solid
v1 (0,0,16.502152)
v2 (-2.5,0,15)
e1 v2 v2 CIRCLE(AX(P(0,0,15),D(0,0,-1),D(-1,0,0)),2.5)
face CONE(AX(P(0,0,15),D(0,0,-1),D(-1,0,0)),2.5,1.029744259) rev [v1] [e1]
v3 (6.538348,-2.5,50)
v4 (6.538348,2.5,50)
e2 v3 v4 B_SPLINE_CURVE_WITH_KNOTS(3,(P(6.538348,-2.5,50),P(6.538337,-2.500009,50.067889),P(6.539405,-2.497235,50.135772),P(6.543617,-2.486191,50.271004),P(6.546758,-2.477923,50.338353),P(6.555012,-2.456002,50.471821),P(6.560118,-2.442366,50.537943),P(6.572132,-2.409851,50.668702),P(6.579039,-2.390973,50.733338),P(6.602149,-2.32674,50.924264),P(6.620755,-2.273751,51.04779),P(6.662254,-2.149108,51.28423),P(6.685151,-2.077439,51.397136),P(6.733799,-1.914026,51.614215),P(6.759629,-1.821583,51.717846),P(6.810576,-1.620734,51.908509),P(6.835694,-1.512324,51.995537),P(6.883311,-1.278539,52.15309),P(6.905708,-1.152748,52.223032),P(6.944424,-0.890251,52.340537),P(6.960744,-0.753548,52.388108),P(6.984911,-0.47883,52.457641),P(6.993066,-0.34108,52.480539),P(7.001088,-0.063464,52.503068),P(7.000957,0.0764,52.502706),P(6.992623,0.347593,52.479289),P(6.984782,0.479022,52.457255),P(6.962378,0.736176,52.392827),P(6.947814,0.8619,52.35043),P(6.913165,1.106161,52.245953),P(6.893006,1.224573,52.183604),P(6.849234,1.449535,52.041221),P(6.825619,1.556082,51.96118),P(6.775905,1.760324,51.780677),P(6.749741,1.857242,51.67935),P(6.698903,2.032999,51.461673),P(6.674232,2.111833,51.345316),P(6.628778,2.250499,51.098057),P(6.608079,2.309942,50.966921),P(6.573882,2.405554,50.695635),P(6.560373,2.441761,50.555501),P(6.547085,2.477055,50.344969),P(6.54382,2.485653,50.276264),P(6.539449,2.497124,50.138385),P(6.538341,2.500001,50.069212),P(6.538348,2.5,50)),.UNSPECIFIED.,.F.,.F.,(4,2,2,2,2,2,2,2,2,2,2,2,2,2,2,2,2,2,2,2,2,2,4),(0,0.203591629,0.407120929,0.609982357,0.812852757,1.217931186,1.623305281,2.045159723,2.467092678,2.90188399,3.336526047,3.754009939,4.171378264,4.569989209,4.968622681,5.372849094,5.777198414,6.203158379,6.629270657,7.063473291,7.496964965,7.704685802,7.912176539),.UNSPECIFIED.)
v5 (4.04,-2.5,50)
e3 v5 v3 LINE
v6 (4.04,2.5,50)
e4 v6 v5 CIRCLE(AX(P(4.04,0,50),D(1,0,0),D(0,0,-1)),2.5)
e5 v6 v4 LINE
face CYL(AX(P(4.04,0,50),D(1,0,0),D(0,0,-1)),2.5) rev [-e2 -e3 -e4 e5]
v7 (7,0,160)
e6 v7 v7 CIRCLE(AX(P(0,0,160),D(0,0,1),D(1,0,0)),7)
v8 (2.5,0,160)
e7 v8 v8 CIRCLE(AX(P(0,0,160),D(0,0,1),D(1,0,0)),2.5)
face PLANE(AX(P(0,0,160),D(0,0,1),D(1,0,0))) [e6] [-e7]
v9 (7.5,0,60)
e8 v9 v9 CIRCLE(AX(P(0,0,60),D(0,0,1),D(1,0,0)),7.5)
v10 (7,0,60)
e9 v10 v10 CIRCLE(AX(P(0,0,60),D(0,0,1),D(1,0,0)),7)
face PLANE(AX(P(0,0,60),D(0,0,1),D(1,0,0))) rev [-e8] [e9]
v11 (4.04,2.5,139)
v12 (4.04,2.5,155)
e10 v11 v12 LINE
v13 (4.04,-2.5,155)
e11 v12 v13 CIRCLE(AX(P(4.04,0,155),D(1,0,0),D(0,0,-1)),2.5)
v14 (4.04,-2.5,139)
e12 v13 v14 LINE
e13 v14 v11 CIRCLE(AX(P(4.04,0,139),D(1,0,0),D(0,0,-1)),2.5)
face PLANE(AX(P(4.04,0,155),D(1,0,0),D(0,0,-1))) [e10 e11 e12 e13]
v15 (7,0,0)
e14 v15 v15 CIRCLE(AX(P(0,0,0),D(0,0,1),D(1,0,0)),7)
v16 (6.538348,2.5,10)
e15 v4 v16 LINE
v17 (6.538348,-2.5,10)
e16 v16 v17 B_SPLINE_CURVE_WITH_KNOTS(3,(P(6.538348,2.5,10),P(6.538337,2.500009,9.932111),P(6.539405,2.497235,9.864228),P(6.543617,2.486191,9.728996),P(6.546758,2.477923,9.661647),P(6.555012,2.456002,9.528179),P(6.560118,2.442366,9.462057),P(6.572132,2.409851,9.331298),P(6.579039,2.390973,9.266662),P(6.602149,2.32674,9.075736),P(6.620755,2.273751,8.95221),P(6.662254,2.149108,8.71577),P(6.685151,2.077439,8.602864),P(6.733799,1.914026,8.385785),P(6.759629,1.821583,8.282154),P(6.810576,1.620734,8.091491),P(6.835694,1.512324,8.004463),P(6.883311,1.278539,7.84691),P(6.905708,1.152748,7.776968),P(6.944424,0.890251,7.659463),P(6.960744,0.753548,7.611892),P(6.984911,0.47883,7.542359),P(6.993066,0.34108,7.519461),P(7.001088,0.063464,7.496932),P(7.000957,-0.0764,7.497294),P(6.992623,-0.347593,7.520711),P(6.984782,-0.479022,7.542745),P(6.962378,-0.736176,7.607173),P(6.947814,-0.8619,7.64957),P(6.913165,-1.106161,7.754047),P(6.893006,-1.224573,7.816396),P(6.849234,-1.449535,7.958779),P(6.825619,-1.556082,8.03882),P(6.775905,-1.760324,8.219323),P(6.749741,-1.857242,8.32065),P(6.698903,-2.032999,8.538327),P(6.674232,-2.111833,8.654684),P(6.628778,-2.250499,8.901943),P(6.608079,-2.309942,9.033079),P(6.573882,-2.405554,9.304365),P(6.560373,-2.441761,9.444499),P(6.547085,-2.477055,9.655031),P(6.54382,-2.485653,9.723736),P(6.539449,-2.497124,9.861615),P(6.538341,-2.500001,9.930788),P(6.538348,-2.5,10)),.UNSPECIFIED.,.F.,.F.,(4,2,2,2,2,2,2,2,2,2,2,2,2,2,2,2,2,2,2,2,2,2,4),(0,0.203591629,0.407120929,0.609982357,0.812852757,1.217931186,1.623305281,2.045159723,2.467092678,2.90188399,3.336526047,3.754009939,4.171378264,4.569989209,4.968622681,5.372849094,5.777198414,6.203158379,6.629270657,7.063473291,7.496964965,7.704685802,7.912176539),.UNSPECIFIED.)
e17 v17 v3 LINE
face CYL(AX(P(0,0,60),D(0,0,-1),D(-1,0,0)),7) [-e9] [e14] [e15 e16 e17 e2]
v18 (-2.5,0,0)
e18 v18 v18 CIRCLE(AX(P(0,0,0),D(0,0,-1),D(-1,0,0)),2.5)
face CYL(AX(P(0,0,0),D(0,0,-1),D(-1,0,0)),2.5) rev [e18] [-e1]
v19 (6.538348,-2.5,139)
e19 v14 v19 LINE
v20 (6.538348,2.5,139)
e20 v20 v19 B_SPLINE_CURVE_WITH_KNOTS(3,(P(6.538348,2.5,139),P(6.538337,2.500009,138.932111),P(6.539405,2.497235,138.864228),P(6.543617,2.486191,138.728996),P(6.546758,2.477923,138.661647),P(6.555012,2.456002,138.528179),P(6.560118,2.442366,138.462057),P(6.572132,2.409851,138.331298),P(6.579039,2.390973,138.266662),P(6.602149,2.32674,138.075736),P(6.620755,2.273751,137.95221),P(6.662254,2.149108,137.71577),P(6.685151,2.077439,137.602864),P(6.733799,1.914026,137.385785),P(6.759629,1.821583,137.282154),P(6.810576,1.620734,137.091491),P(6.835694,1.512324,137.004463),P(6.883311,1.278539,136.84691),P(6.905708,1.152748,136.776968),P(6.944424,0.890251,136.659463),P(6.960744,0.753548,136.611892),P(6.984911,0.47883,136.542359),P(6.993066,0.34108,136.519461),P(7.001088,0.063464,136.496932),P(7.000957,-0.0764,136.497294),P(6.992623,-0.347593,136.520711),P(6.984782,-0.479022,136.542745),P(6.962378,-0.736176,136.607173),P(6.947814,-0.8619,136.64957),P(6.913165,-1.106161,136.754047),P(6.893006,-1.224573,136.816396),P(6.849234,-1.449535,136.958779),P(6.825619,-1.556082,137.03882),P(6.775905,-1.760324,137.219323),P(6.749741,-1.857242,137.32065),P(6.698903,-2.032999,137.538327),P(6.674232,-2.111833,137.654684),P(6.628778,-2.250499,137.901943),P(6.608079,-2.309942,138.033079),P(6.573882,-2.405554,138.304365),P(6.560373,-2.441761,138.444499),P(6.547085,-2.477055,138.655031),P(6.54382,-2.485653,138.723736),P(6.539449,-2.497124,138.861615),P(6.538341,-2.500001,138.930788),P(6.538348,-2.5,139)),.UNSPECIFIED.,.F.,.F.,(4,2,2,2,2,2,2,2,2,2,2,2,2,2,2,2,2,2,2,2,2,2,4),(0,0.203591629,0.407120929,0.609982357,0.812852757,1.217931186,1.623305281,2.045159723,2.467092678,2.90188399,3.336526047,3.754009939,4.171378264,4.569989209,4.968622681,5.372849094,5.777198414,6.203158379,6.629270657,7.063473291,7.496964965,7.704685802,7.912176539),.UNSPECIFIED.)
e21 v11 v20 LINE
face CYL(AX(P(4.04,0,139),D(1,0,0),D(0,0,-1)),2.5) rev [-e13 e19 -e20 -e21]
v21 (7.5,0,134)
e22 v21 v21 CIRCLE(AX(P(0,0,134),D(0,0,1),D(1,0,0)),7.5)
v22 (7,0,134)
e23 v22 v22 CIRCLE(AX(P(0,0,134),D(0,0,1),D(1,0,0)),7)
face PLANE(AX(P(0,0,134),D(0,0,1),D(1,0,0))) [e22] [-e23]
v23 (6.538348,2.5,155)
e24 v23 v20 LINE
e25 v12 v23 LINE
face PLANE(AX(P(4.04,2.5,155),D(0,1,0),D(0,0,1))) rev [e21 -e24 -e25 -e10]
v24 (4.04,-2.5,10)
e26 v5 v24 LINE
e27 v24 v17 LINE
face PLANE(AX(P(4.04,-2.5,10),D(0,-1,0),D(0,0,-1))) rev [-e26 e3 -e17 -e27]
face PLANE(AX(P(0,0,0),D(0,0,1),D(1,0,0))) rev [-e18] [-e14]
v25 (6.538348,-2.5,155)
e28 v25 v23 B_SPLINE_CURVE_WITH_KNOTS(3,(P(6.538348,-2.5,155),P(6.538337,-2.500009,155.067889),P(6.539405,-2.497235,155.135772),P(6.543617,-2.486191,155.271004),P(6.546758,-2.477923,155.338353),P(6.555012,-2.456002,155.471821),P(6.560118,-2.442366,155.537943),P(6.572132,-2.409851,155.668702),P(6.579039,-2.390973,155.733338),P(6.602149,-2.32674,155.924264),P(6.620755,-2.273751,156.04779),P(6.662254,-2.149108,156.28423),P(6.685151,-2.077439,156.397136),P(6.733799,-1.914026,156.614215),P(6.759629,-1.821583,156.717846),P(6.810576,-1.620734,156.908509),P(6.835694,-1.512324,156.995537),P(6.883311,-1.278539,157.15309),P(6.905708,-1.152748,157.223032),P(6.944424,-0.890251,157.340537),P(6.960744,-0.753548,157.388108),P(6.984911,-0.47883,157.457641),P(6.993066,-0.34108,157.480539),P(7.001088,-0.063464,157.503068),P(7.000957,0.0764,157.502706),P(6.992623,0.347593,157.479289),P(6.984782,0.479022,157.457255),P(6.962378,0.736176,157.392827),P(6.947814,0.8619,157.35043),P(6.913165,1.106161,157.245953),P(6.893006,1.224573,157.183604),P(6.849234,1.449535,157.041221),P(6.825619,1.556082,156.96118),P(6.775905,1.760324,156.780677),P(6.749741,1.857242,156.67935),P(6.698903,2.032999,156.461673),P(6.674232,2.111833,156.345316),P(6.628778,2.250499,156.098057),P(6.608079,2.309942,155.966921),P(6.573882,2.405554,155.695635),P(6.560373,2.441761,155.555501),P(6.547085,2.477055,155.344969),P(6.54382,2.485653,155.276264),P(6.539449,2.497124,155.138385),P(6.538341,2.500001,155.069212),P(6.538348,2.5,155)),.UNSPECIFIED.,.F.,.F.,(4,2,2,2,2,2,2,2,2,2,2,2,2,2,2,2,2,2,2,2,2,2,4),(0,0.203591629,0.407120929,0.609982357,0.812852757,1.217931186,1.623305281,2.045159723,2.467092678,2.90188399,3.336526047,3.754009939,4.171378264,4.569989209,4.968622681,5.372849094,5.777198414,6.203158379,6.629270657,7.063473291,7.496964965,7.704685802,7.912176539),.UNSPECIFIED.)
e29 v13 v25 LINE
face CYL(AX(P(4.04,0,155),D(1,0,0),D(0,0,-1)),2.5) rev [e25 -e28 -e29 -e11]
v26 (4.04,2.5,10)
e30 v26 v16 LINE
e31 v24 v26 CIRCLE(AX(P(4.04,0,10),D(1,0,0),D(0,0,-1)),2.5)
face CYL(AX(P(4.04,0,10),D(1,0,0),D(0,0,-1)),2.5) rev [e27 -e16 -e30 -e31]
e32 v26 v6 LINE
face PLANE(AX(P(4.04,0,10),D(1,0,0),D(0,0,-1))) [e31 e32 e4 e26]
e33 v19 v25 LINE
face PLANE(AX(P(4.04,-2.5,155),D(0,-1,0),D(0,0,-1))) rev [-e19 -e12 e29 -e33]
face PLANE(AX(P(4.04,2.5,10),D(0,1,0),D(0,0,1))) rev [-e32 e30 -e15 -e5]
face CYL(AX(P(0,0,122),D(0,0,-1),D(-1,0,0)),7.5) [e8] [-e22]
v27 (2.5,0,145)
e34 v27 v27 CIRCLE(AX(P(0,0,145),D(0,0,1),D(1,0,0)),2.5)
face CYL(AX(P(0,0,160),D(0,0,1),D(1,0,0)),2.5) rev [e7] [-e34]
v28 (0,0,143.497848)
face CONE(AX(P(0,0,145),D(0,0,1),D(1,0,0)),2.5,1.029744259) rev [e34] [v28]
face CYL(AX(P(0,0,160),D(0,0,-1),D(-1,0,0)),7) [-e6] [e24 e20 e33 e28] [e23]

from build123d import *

# Parameters (mm, degrees)
ESQUISSE1_R                                   = 7
BOSS_EXTRU_1_DEPTH                            = 60
ESQUISSE3_R                                   = 7.5
BOSS_EXTRU_2_DEPTH                            = 62
ESQUISSE4_R                                   = 7.5
BOSS_EXTRU_3_DEPTH                            = 12
ESQUISSE5_R                                   = 7
BOSS_EXTRU_4_DEPTH                            = 26
ENL_V_MAT_EXTRU_1_DEPTH                       = 2.96
ENL_V_MAT_EXTRU_2_DEPTH                       = 2.96
TROU_POUR_TARAUDAGE_POUR_TROU_TARAUD_M6_D     = 5
TROU_POUR_TARAUDAGE_POUR_TROU_TARAUD_M6_DEPTH = 15
TROU_POUR_TARAUDAGE_POUR_TROU_TARAUD_M6_TIP   = 1.502151548
TROU_POUR_TARAUDAGE_POUR_TROU_TARAUD_2_D      = 5
TROU_POUR_TARAUDAGE_POUR_TROU_TARAUD_2_DEPTH  = 15
TROU_POUR_TARAUDAGE_POUR_TROU_TARAUD_2_TIP    = 1.502151548


with BuildPart() as part:
    # Esquisse1 → Boss.-Extru.1 (new body)
    with BuildSketch(Plane.XY):
        Circle(ESQUISSE1_R)
    extrude(amount=BOSS_EXTRU_1_DEPTH)

    # Esquisse3 → Boss.-Extru.2 (add)
    with BuildSketch(Plane.XY.offset(60)):
        Circle(ESQUISSE3_R)
    extrude(amount=BOSS_EXTRU_2_DEPTH)

    # Esquisse4 → Boss.-Extru.3 (add)
    with BuildSketch(Plane.XY.offset(122)):
        Circle(ESQUISSE4_R)
    extrude(amount=BOSS_EXTRU_3_DEPTH)

    # Esquisse5 → Boss.-Extru.4 (add)
    with BuildSketch(Plane.XY.offset(134)):
        Circle(ESQUISSE5_R)
    extrude(amount=BOSS_EXTRU_4_DEPTH)

    # Esquisse7 → Enlèv. mat.-Extru.1 (cut)
    with BuildSketch(Plane(origin=(7, 0, 0), x_dir=(0, 0, -1), z_dir=(1, 0, 0))):
        with BuildLine():
            Line((-155, 2.5), (-139, 2.5))
            ThreePointArc((-139, 2.5), (-136.5, 0), (-139, -2.5))
            Line((-139, -2.5), (-155, -2.5))
            ThreePointArc((-155, -2.5), (-157.5, 0), (-155, 2.5))
        make_face()
    extrude(amount=-ENL_V_MAT_EXTRU_1_DEPTH, mode=Mode.SUBTRACT)

    # Esquisse8 → Enlèv. mat.-Extru.2 (cut)
    with BuildSketch(Plane(origin=(7, 0, 0), x_dir=(0, 0, -1), z_dir=(1, 0, 0))):
        with BuildLine():
            Line((-10, -2.5), (-50, -2.5))
            ThreePointArc((-50, -2.5), (-52.5, 0), (-50, 2.5))
            Line((-50, 2.5), (-10, 2.5))
            ThreePointArc((-10, 2.5), (-7.5, 0), (-10, -2.5))
        make_face()
    extrude(amount=-ENL_V_MAT_EXTRU_2_DEPTH, mode=Mode.SUBTRACT)

    # Trou pour taraudage pour trou taraud_ M6
    with Locations(Plane(origin=(0, 0, 0), x_dir=(-1, 0, 0), z_dir=(0, 0, -1))):
        with Locations((0, 0)):
            Hole(TROU_POUR_TARAUDAGE_POUR_TROU_TARAUD_M6_D / 2, depth=TROU_POUR_TARAUDAGE_POUR_TROU_TARAUD_M6_DEPTH)
            with Locations((0, 0, -(TROU_POUR_TARAUDAGE_POUR_TROU_TARAUD_M6_DEPTH + TROU_POUR_TARAUDAGE_POUR_TROU_TARAUD_M6_TIP / 2))):  # 118° drill point
                Cone(0, TROU_POUR_TARAUDAGE_POUR_TROU_TARAUD_M6_D / 2, TROU_POUR_TARAUDAGE_POUR_TROU_TARAUD_M6_TIP, mode=Mode.SUBTRACT)

    # Trou pour taraudage pour trou taraud 2
    with Locations(Plane.XY.offset(160)):
        with Locations((0, 0)):
            Hole(TROU_POUR_TARAUDAGE_POUR_TROU_TARAUD_2_D / 2, depth=TROU_POUR_TARAUDAGE_POUR_TROU_TARAUD_2_DEPTH)
            with Locations((0, 0, -(TROU_POUR_TARAUDAGE_POUR_TROU_TARAUD_2_DEPTH + TROU_POUR_TARAUDAGE_POUR_TROU_TARAUD_2_TIP / 2))):  # 118° drill point
                Cone(0, TROU_POUR_TARAUDAGE_POUR_TROU_TARAUD_2_D / 2, TROU_POUR_TARAUDAGE_POUR_TROU_TARAUD_2_TIP, mode=Mode.SUBTRACT)


solid = part.part
